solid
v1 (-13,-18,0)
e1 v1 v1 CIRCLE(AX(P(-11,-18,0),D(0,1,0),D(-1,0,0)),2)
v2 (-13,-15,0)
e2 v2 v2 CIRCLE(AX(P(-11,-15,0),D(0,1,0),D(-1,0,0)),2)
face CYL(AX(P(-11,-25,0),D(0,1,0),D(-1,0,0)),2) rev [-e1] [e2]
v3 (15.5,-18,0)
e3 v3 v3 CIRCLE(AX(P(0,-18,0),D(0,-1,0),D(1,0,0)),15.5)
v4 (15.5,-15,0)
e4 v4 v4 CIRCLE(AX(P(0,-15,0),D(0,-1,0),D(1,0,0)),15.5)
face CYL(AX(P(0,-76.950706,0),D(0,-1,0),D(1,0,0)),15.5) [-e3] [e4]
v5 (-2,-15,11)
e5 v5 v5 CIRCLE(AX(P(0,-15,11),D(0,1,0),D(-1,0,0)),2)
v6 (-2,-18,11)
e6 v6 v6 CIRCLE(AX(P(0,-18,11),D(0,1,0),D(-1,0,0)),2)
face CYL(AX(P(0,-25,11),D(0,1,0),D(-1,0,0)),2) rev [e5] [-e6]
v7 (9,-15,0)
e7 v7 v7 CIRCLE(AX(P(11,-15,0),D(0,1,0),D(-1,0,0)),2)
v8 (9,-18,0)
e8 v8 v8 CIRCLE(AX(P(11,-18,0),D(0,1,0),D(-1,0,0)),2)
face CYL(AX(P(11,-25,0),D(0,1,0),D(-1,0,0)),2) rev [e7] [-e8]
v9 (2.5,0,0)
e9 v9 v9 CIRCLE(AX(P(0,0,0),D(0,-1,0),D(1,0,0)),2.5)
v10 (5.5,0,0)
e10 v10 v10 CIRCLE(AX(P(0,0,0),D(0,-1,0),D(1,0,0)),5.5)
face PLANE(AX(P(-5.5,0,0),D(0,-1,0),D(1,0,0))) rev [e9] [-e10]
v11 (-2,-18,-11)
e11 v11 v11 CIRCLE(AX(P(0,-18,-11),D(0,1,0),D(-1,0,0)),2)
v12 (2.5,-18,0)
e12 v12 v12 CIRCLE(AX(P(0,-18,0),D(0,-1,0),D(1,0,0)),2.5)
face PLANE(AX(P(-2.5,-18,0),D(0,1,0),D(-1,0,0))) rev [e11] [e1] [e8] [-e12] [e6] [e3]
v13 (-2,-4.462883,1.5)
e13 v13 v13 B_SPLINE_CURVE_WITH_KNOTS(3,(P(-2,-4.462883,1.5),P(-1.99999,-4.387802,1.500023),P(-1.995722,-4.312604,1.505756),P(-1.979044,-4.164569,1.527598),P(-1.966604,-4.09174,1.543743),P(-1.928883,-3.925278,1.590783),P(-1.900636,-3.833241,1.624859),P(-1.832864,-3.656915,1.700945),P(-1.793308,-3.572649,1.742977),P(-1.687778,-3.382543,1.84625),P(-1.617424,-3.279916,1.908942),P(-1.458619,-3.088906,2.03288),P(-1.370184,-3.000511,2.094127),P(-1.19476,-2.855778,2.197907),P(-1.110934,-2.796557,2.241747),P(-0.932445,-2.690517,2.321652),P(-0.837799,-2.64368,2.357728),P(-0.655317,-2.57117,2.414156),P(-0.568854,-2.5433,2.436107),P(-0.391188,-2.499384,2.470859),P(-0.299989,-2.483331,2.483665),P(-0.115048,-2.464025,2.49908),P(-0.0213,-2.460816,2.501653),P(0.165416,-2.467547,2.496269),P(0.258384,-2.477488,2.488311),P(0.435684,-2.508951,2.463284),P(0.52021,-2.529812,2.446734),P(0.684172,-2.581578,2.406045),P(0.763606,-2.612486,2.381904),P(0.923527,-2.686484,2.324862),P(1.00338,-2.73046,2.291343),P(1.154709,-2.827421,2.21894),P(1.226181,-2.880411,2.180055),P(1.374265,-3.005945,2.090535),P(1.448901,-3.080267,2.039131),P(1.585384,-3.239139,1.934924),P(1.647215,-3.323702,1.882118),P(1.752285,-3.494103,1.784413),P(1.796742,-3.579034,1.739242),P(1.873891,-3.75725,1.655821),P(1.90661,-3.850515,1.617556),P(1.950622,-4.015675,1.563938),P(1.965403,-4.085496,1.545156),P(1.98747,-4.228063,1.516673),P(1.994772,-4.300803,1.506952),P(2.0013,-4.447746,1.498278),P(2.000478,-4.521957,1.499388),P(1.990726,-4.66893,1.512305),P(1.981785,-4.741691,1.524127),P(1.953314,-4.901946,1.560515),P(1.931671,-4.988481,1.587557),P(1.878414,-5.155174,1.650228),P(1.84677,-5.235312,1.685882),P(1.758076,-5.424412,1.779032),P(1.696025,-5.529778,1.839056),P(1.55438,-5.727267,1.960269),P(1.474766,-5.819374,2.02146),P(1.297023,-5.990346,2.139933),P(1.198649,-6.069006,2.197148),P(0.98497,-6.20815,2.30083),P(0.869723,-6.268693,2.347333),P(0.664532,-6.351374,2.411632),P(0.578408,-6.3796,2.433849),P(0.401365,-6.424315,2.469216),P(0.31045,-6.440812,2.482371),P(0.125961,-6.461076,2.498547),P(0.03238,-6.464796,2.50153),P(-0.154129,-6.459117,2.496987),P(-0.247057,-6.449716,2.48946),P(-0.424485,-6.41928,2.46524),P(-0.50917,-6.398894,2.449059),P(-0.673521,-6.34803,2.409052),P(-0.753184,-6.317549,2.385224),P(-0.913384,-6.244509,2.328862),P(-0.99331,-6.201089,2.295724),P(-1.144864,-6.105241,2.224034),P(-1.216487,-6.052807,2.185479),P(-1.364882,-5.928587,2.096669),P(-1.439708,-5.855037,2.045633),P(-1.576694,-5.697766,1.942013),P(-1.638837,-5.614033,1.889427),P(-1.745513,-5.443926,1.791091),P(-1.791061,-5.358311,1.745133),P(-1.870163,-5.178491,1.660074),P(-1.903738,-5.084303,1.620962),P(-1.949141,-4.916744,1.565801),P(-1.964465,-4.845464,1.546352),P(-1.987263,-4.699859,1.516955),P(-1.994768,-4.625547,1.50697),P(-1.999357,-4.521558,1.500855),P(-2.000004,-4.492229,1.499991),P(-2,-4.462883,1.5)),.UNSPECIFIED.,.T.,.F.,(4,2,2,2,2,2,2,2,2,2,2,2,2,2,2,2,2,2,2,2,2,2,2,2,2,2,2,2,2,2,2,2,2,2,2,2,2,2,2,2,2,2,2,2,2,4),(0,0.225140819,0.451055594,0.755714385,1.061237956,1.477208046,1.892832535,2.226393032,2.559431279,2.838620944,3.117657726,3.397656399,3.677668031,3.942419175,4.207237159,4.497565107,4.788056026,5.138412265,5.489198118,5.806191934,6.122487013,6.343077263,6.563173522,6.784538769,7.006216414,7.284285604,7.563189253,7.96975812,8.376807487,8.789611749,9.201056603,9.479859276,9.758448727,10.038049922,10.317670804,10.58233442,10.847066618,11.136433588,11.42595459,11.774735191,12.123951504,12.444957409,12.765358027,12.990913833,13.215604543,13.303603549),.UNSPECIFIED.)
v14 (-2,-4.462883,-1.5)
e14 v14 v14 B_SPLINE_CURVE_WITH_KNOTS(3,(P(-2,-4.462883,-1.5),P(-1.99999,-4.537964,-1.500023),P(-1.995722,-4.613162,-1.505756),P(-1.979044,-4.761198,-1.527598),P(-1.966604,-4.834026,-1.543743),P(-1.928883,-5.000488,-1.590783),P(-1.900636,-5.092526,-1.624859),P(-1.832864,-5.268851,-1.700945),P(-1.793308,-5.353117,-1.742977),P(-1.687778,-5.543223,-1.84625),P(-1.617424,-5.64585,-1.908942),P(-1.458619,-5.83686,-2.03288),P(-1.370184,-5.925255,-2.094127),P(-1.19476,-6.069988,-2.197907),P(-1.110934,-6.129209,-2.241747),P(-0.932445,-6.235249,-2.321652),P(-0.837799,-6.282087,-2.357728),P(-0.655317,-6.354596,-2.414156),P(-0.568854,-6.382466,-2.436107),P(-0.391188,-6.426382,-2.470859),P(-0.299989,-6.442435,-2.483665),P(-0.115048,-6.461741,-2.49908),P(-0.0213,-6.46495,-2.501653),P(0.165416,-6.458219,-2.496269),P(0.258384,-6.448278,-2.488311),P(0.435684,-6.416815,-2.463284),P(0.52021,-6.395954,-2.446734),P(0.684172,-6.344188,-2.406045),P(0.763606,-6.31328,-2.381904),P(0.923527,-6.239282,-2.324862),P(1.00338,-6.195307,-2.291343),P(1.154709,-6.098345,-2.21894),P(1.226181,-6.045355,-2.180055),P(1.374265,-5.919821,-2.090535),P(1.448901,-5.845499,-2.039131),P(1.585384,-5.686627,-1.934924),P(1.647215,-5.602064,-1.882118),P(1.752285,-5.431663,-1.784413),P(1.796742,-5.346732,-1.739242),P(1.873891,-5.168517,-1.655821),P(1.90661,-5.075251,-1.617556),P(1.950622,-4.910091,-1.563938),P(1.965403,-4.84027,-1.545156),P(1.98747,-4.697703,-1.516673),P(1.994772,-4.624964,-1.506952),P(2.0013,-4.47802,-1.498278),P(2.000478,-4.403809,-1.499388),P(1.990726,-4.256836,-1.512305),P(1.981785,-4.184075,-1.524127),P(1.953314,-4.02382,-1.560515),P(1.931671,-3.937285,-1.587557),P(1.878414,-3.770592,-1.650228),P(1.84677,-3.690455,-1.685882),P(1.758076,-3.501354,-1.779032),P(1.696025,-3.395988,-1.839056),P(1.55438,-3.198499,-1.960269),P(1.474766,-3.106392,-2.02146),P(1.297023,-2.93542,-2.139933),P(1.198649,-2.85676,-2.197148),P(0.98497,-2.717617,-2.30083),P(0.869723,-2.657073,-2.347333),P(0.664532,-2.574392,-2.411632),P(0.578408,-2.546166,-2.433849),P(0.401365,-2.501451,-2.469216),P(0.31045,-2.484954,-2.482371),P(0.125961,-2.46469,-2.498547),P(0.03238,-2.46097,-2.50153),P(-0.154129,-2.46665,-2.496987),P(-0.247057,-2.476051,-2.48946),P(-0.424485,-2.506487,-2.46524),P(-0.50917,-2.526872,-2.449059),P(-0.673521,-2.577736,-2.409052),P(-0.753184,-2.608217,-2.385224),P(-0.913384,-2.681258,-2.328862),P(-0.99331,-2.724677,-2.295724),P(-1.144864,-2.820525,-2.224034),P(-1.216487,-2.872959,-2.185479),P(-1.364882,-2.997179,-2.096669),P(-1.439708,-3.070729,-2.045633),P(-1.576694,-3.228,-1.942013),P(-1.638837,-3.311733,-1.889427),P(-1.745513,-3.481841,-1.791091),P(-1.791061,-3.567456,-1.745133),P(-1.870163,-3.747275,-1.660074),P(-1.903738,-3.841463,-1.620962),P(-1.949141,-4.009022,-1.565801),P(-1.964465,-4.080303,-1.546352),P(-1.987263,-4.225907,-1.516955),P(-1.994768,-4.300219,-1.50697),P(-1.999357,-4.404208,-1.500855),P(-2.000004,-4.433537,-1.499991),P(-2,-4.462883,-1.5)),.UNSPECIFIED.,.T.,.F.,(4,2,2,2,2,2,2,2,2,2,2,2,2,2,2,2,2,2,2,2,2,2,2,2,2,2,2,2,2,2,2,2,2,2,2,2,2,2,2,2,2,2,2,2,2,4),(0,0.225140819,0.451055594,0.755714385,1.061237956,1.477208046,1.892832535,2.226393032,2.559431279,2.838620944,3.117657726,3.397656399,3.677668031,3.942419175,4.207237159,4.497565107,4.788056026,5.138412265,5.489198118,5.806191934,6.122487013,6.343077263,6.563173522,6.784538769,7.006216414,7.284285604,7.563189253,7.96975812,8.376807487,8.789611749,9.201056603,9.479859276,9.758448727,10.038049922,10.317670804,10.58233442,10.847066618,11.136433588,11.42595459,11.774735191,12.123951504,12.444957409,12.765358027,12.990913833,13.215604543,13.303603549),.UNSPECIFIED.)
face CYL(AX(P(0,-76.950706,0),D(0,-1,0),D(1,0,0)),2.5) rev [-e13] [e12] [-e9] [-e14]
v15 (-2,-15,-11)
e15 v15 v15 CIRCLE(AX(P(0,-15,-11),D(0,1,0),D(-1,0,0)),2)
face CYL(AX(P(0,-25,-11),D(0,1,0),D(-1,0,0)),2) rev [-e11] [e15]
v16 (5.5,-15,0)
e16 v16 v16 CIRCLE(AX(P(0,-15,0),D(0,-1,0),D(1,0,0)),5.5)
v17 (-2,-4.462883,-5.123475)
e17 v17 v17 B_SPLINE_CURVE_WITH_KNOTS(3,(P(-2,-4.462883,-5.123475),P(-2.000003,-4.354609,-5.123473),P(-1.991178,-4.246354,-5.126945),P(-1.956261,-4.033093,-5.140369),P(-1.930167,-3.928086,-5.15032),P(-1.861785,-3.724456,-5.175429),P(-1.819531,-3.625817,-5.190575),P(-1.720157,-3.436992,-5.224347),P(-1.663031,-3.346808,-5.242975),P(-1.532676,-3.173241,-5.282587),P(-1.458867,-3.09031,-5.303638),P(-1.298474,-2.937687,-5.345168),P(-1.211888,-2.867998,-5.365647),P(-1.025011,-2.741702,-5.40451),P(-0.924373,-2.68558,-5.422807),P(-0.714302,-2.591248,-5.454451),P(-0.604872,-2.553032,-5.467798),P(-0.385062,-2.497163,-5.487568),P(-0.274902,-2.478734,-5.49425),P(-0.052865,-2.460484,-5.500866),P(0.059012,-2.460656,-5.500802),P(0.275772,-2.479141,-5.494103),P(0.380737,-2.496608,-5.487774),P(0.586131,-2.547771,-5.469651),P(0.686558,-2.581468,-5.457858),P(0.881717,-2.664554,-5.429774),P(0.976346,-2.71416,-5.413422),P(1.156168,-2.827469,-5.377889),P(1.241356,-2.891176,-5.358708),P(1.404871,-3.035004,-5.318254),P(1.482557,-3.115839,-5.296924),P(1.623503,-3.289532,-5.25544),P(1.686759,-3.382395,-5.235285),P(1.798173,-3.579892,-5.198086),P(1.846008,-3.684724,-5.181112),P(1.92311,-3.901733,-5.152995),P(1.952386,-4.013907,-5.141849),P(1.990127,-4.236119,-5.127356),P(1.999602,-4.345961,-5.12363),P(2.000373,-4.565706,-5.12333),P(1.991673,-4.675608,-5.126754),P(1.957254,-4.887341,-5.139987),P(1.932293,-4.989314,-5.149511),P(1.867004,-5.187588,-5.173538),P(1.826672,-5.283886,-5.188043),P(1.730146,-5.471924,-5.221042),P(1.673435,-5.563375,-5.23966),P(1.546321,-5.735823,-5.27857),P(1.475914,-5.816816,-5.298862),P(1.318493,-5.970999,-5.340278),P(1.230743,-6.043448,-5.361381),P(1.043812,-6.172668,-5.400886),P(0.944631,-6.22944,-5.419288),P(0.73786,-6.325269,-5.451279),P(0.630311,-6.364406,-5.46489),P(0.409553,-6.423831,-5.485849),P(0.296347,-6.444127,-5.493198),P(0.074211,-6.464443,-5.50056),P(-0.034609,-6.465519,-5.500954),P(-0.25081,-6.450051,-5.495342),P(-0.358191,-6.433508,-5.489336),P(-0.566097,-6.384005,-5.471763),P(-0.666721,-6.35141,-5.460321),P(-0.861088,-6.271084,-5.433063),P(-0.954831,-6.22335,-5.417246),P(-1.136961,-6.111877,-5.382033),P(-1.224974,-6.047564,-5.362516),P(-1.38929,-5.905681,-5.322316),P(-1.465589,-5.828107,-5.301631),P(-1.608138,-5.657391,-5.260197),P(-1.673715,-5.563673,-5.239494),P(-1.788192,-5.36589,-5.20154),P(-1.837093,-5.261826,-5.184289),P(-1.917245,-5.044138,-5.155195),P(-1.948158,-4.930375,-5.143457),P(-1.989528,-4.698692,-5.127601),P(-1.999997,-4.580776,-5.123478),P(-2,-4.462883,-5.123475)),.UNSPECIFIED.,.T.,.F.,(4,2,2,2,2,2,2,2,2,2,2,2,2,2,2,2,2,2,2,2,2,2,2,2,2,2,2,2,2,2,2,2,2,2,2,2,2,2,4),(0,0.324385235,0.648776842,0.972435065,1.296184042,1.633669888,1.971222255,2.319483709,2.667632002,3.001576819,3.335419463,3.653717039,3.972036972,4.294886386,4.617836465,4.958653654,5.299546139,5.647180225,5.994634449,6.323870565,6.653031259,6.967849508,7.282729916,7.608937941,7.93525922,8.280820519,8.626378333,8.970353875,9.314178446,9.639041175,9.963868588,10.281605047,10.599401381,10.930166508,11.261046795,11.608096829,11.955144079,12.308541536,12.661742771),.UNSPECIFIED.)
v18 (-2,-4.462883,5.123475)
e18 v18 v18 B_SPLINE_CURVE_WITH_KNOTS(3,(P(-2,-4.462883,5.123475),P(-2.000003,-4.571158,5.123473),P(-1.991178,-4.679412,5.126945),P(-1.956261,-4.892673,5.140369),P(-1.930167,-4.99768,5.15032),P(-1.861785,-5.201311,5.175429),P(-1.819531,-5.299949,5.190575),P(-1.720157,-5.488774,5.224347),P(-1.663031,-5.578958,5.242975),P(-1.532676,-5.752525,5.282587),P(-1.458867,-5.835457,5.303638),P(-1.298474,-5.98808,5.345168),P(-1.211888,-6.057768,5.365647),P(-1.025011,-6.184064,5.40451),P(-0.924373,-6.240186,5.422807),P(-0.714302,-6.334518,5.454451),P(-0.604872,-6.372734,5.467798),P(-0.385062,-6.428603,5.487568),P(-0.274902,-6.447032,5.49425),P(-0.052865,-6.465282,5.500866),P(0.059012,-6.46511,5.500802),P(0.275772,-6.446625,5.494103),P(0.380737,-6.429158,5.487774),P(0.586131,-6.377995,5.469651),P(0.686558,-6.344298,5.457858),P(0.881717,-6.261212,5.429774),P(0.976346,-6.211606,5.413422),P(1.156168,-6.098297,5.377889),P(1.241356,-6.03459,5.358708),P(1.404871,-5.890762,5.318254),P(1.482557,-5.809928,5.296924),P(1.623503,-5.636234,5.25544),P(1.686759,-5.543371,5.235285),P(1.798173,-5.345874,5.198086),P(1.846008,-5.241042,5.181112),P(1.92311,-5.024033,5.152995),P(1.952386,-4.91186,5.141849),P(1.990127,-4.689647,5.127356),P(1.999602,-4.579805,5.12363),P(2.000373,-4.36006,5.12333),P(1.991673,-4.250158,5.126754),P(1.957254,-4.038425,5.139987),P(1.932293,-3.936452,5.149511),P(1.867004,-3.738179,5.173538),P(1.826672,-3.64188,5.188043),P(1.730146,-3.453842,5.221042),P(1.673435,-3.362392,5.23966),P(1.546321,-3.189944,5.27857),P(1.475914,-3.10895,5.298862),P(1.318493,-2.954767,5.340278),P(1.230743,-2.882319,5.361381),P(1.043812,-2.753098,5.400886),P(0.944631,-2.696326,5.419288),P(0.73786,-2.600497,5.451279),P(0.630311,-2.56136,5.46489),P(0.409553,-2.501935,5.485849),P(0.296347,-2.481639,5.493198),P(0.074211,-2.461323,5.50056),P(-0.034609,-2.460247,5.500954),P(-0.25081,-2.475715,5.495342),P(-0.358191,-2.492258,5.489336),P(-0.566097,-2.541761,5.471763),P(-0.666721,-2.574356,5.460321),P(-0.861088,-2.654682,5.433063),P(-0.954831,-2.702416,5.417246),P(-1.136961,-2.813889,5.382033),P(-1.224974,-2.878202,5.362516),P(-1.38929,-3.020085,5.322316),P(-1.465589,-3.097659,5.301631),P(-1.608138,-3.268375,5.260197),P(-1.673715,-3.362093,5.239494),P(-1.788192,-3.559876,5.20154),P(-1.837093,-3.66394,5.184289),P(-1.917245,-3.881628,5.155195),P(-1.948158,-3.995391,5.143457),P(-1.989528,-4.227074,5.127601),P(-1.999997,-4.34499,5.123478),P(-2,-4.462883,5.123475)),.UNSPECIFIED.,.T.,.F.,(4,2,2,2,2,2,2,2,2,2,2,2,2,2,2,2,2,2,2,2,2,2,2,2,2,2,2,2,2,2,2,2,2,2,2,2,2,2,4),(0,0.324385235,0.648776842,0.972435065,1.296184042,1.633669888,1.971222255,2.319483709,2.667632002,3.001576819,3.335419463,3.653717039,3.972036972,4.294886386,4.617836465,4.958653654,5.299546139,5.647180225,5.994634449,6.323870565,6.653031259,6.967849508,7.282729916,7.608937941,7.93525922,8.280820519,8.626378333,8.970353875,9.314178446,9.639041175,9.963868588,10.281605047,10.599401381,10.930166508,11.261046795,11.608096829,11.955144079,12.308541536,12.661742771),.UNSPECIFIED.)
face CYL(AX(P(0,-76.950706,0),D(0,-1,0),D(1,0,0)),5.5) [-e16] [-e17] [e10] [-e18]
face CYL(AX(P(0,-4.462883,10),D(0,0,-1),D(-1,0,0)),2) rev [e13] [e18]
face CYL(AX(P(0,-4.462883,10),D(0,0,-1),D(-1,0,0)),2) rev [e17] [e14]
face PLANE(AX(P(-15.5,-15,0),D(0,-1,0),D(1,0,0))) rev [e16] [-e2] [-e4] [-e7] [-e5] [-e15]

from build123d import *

# Parameters (mm, degrees)
CUT_EXTRUDE1_DEPTH      = 10
CUT_EXTRUDE1_DEPTH_BACK = 10
SKETCH2_R               = 2
SKETCH3_R               = 2
CUT_EXTRUDE2_DEPTH      = 10


with BuildPart() as part:
    # Sketch1 → Revolve1 (revolve)
    with BuildSketch(Plane.XY):
        Polygon((-2.5, 0), (-2.5, -18), (-15.5, -18), (-15.5, -15), (-5.5, -15), (-5.5, 0), align=None)
    revolve(axis=Axis((0, -76.950705693, 0), (0, 1, 0)))

    # Sketch2 → Cut-Extrude1 (cut, two sides: drawn at the far end of the back side and taken through both)
    with BuildSketch(Plane.XY.offset(-CUT_EXTRUDE1_DEPTH_BACK)):
        with Locations((0, -4.46288306)):
            Circle(SKETCH2_R)
    extrude(amount=CUT_EXTRUDE1_DEPTH + CUT_EXTRUDE1_DEPTH_BACK, mode=Mode.SUBTRACT)

    # Sketch3 → Cut-Extrude2 (cut)
    with BuildSketch(Plane(origin=(0, -15, 0), x_dir=(1, 0, 0), z_dir=(0, 1, 0))):
        with Locations((0, 11)):
            Circle(SKETCH3_R)
        with Locations((11, 0)):
            Circle(SKETCH3_R)
        with Locations((0, -11)):
            Circle(SKETCH3_R)
        with Locations((-11, 0)):
            Circle(SKETCH3_R)
    extrude(amount=-CUT_EXTRUDE2_DEPTH, mode=Mode.SUBTRACT)


solid = part.part
